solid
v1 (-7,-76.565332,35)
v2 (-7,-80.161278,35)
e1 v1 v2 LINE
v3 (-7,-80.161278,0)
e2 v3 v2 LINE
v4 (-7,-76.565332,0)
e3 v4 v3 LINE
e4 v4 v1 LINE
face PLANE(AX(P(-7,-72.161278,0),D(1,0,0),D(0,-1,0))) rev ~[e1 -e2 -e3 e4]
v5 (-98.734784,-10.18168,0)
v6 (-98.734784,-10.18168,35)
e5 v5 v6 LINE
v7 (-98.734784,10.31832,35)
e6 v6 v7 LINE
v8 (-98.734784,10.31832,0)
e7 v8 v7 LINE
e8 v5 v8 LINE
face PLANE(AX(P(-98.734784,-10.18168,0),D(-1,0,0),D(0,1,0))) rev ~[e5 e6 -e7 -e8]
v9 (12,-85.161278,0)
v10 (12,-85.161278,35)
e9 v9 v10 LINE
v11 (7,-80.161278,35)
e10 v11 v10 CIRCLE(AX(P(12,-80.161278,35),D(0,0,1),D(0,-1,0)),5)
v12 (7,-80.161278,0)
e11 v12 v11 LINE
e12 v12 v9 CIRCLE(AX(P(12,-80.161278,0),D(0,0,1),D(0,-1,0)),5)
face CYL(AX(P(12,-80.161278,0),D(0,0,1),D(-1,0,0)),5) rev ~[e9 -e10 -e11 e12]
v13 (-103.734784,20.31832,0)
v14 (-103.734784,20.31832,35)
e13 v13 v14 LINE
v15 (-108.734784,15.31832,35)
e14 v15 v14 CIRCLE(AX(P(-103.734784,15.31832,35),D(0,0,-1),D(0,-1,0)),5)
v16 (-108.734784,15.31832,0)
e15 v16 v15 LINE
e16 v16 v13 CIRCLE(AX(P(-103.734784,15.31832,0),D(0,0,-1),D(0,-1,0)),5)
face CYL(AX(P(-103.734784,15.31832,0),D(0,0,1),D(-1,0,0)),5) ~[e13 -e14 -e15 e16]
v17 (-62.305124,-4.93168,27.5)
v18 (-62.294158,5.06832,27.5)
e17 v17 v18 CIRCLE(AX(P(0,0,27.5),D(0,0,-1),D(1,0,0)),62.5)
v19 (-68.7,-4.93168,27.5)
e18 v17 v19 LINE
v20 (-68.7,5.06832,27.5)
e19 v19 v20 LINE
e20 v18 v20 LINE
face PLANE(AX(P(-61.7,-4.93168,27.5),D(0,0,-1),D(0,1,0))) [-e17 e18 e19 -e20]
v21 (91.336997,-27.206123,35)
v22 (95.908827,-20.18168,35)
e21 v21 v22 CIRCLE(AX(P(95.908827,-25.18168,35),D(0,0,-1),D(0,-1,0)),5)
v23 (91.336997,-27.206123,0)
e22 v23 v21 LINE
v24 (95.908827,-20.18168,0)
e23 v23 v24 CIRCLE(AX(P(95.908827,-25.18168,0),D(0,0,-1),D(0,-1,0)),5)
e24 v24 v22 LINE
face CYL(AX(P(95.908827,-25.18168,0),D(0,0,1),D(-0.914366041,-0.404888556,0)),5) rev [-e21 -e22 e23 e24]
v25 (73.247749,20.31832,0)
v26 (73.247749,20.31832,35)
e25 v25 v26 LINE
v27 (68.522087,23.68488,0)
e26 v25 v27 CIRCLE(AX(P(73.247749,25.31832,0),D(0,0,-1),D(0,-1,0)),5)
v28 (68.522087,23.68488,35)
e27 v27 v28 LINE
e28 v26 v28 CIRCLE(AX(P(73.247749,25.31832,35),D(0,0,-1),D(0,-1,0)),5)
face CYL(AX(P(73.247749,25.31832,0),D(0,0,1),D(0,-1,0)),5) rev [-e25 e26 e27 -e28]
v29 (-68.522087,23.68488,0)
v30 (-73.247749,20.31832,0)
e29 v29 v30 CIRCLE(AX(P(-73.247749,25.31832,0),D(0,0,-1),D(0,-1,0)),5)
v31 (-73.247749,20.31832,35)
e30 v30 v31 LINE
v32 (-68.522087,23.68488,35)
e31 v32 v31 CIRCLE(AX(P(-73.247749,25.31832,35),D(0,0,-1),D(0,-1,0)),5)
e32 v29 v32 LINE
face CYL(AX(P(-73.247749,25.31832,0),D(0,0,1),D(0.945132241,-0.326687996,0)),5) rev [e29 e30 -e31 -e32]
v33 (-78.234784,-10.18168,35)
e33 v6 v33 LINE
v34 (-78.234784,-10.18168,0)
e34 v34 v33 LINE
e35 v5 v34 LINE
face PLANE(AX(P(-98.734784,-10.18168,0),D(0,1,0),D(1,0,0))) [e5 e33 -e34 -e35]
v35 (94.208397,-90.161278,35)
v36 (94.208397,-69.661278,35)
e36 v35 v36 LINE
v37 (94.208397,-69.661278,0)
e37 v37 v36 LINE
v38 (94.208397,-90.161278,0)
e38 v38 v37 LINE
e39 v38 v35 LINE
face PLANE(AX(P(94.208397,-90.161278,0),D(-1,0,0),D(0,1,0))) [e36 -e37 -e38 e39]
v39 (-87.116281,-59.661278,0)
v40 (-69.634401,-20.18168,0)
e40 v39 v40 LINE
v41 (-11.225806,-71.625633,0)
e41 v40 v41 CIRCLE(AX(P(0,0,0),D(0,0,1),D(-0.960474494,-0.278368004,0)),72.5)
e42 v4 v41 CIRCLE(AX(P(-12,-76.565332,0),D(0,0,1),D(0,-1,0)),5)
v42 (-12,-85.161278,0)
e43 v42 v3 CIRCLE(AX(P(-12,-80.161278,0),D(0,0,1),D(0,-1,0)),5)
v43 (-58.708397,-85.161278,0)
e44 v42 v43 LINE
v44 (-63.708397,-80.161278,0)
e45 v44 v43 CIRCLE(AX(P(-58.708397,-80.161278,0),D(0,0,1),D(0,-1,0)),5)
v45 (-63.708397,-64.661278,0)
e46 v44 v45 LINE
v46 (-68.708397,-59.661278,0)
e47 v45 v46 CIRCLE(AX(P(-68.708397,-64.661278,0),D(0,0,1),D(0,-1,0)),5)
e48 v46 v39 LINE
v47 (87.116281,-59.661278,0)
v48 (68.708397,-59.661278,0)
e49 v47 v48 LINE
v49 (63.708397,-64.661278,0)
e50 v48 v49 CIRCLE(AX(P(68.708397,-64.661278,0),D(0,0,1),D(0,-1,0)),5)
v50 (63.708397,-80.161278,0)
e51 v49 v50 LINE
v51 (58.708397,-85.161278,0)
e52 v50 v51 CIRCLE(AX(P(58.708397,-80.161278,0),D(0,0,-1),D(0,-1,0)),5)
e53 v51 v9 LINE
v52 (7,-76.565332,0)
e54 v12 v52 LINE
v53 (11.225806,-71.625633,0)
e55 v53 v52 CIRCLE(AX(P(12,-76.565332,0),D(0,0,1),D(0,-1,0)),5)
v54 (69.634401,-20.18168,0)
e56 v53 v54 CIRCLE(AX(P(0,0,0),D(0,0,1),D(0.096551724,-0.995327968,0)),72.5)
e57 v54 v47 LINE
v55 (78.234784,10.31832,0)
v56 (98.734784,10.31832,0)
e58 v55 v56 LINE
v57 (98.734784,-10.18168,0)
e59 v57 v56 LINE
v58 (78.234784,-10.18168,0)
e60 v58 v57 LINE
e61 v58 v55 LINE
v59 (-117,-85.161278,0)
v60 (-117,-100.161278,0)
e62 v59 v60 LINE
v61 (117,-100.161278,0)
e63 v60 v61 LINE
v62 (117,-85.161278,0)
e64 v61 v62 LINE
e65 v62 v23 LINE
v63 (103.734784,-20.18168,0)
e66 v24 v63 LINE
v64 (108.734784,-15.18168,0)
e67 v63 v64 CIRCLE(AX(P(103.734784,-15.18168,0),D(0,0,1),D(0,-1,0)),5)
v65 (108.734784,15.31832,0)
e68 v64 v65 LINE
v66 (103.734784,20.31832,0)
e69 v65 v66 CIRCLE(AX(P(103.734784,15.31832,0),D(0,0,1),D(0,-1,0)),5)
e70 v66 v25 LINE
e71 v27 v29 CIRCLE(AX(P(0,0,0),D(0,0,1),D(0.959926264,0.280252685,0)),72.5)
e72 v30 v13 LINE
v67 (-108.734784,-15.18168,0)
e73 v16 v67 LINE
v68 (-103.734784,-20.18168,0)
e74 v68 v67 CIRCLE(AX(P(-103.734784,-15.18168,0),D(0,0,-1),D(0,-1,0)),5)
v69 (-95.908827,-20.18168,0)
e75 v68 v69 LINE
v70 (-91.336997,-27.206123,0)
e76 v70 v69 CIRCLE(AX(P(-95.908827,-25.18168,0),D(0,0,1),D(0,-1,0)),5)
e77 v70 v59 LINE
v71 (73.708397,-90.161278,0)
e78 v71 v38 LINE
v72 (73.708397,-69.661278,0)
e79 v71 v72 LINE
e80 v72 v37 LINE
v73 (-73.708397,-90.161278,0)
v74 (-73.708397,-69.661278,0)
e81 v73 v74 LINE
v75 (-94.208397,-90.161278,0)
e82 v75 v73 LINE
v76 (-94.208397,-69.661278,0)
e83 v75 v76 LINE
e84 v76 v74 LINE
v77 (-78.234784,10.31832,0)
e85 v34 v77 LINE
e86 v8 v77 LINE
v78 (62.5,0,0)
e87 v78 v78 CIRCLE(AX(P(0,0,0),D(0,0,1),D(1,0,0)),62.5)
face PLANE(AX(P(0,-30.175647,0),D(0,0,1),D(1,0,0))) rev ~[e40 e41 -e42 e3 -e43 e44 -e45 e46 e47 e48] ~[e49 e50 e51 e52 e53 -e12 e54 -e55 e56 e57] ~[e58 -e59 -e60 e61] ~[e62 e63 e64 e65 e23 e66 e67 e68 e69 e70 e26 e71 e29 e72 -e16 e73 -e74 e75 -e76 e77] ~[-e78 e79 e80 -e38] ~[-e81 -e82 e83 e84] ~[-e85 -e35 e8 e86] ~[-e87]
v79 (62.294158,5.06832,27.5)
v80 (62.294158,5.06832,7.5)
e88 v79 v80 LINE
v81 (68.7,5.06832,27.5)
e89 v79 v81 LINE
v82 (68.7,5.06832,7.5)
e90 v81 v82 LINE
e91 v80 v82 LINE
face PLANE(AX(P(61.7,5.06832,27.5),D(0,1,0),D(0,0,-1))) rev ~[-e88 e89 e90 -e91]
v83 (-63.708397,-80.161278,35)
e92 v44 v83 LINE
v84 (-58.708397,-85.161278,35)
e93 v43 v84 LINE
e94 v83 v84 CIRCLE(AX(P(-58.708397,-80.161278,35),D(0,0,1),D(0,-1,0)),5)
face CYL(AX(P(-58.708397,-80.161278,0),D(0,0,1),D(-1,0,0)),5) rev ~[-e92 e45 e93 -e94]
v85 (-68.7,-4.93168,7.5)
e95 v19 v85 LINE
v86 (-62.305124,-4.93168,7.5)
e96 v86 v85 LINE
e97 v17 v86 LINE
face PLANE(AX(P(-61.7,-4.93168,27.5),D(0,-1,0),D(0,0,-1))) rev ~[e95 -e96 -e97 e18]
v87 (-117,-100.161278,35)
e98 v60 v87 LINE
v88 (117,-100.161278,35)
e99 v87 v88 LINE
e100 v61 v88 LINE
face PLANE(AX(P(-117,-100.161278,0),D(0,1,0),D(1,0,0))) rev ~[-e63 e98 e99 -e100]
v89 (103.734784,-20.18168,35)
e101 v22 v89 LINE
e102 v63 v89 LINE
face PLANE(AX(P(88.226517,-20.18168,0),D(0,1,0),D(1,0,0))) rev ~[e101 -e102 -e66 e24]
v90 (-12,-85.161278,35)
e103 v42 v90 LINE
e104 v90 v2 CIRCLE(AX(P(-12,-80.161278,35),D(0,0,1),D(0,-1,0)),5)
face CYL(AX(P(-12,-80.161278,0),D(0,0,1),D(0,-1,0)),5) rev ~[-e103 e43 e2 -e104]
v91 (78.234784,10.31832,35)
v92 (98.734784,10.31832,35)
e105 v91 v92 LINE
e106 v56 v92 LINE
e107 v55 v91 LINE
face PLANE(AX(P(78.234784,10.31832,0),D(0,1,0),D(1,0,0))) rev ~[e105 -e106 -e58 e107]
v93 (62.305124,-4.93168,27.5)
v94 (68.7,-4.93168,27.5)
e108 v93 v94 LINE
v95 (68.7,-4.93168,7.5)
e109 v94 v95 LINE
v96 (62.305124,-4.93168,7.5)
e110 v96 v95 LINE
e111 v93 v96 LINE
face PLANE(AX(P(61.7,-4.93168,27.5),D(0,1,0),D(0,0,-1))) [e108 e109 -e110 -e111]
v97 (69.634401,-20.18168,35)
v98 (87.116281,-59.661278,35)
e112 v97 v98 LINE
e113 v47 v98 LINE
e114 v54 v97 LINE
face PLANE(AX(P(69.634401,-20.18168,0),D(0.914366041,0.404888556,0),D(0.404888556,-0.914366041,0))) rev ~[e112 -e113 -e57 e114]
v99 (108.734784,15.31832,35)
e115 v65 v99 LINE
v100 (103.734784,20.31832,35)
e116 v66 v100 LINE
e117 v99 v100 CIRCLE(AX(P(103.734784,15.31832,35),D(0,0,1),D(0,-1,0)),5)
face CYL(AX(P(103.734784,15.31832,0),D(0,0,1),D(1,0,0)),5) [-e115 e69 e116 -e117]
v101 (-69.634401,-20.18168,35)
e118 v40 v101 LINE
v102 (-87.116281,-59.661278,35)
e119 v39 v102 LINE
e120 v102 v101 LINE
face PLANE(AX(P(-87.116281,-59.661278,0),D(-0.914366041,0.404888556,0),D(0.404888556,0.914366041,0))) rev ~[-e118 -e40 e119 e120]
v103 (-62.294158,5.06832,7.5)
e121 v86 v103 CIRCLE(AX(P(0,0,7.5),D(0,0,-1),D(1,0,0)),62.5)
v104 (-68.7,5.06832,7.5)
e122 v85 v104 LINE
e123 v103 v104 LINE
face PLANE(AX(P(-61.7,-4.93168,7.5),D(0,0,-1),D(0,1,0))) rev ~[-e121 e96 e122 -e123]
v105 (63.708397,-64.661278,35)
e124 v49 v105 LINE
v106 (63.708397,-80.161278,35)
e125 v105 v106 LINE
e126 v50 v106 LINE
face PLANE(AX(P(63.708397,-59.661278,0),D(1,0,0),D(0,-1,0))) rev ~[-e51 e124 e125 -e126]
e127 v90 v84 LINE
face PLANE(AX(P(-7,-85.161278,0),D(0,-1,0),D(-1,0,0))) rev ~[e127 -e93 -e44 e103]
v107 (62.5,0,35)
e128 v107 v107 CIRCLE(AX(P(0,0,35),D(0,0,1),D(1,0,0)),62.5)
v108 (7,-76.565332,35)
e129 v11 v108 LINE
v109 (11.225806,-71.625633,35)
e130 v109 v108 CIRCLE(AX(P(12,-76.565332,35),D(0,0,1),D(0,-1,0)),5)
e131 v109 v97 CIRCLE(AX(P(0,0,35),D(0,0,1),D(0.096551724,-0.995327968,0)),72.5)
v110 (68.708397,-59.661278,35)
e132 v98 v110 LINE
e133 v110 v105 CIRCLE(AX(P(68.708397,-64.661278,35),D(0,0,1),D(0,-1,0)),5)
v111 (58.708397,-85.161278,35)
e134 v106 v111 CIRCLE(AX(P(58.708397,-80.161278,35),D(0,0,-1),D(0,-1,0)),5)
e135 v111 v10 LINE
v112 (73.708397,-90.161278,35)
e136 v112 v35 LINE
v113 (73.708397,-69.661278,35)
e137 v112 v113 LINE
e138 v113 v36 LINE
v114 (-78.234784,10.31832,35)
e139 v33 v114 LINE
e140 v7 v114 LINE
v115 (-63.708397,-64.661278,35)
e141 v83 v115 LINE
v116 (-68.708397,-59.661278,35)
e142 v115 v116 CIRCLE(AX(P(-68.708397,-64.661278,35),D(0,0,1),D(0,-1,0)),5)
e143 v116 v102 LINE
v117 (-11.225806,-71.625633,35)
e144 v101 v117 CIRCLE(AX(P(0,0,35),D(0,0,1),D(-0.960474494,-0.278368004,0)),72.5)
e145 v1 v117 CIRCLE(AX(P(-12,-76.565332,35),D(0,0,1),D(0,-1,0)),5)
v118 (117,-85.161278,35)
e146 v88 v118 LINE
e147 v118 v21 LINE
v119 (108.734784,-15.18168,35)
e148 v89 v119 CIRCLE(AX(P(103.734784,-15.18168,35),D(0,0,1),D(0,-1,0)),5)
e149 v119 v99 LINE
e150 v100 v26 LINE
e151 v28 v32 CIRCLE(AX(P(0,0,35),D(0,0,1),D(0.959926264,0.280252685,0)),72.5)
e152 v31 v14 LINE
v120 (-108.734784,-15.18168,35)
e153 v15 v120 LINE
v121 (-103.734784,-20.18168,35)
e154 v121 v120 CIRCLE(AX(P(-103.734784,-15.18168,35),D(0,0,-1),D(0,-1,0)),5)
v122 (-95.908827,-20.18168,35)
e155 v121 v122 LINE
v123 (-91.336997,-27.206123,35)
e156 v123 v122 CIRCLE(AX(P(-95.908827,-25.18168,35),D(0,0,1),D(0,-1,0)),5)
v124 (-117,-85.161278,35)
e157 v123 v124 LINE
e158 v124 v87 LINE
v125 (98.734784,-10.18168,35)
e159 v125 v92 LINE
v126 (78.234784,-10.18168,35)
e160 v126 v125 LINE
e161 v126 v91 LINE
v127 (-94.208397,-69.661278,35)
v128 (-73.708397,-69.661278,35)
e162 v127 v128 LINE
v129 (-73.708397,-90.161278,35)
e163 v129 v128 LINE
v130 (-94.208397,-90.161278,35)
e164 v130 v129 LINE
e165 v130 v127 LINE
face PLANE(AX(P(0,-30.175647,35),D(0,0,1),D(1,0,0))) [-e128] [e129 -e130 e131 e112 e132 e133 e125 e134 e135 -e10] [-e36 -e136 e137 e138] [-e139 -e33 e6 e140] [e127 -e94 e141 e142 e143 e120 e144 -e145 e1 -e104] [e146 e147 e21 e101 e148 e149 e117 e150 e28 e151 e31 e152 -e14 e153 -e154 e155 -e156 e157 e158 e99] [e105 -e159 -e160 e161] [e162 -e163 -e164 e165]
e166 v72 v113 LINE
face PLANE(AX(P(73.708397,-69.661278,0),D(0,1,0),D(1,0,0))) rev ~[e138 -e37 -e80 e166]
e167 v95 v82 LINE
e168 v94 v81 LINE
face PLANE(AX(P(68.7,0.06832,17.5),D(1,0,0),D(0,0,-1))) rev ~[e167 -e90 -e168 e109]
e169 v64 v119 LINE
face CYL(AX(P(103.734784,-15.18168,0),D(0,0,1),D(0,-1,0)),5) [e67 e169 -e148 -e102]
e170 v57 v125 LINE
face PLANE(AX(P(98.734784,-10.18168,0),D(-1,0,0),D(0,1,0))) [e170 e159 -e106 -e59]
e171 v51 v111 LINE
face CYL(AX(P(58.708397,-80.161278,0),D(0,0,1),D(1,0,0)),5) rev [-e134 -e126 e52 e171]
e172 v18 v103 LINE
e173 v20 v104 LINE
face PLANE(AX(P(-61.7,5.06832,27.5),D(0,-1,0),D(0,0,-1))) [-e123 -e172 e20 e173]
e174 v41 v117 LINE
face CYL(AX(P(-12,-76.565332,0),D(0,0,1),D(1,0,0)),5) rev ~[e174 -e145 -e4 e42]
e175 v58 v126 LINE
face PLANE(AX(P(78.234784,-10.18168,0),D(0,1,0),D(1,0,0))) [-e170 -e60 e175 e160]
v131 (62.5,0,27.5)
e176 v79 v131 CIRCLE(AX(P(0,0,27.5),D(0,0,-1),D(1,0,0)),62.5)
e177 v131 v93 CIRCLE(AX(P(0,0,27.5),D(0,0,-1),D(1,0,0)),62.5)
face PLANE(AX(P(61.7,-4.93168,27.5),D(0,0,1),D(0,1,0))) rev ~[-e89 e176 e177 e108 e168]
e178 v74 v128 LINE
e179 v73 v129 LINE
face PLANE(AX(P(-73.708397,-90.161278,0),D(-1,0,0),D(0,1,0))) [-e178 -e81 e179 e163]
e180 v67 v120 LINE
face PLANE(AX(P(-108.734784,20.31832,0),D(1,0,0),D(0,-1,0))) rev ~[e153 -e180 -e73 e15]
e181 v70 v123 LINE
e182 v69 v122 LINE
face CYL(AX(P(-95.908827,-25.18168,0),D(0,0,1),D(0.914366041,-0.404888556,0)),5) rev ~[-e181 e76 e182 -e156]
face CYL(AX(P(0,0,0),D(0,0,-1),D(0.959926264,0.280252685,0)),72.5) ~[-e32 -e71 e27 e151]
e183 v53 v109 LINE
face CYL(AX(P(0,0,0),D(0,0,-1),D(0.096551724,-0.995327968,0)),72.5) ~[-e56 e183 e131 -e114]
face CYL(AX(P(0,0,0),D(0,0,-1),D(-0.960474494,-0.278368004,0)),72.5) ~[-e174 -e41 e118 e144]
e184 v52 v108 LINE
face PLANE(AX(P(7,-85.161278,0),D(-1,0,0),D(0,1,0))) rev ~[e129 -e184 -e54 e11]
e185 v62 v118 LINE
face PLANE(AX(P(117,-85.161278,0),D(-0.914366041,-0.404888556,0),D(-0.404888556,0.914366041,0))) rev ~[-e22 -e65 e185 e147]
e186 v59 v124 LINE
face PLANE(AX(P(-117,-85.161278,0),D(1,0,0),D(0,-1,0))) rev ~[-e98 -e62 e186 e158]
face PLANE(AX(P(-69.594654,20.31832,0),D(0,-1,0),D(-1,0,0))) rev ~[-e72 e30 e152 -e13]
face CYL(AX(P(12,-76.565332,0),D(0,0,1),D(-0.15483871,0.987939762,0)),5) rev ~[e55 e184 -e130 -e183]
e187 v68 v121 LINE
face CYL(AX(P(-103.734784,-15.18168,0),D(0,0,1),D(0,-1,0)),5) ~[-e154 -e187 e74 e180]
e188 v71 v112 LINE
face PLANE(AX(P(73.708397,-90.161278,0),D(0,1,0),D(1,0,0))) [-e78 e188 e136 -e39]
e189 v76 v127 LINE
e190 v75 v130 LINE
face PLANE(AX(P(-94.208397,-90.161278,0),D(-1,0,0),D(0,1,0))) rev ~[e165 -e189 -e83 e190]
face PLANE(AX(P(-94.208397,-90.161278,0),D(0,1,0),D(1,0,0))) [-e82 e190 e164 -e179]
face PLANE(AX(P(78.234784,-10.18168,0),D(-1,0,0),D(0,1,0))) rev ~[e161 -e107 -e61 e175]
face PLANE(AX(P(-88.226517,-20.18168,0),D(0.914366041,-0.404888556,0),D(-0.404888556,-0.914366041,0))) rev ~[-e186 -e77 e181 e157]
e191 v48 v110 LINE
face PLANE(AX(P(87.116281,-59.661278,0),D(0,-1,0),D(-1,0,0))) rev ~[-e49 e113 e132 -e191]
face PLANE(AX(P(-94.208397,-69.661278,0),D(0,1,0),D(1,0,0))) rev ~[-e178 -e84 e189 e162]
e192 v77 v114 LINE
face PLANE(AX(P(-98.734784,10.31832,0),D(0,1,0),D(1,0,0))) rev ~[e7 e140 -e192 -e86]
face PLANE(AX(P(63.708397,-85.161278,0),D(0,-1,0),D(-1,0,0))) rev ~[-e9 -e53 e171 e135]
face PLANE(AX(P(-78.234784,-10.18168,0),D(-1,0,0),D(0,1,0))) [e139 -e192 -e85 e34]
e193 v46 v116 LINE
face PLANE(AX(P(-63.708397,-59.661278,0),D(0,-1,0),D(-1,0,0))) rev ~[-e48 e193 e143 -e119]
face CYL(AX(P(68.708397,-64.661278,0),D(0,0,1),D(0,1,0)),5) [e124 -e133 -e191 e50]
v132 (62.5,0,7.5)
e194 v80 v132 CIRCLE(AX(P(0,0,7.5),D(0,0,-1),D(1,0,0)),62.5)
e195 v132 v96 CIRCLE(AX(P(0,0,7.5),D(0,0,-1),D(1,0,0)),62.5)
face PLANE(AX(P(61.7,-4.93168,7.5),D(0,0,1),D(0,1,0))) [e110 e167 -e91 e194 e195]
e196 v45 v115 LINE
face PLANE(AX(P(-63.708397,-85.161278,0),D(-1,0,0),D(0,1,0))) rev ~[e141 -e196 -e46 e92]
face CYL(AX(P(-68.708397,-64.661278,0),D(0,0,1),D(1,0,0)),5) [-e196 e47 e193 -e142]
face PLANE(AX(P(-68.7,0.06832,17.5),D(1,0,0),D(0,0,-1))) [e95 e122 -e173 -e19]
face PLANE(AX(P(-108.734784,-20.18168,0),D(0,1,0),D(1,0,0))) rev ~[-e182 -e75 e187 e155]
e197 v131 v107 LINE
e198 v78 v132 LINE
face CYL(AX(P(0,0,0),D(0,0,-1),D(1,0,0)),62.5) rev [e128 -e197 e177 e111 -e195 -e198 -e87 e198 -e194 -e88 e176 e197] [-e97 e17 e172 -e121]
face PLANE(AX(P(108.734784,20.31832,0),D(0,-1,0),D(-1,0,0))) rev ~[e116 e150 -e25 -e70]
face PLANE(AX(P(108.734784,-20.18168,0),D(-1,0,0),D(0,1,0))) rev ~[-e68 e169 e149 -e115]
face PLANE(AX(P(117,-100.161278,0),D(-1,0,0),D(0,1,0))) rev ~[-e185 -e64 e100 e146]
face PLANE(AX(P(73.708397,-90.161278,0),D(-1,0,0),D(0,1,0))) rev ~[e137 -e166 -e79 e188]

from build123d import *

# Parameters (mm, degrees)
SKETCH1_W           = 20.5
SKETCH1_H           = 20.5
SKETCH1_R           = 62.5
BOSS_EXTRUDE1_DEPTH = 35
FILLET2_R           = 5
SKETCH2_W           = 20
SKETCH2_H           = 10
CUT_EXTRUDE2_DEPTH  = 7
SKETCH3_W           = 20
SKETCH3_H           = 10
CUT_EXTRUDE3_DEPTH  = 7


with BuildPart() as part:
    # Sketch1 → Boss-Extrude1 (new body)
    with BuildSketch(Plane.XY):
        with BuildLine():
            Line((117, -100.161277705), (117, -85.161277705))
            Line((117, -85.161277705), (88.226517383, -20.181680312))
            Line((88.226517383, -20.181680312), (108.734784021, -20.181680312))
            Line((108.734784021, -20.181680312), (108.734784021, 20.318319688))
            Line((108.734784021, 20.318319688), (69.594654141, 20.318319688))
            ThreePointArc((69.594654141, 20.318319688), (0, 72.5), (-69.594654141, 20.318319688))
            Line((-69.594654141, 20.318319688), (-108.734784021, 20.318319688))
            Line((-108.734784021, 20.318319688), (-108.734784021, -20.181680312))
            Line((-108.734784021, -20.181680312), (-88.226517383, -20.181680312))
            Line((-88.226517383, -20.181680312), (-117, -85.161277705))
            Line((-117, -85.161277705), (-117, -100.161277705))
            Line((-117, -100.161277705), (117, -100.161277705))
        make_face()
        with Locations((83.958397156, -79.911277705)):
            Rectangle(SKETCH1_W, SKETCH1_H, mode=Mode.SUBTRACT)
        with Locations((-83.958397156, -79.911277705)):
            Rectangle(SKETCH1_W, SKETCH1_H, mode=Mode.SUBTRACT)
        with BuildLine():
            Line((-63.708397156, -59.661277705), (-87.116280609, -59.661277705))
            Line((-87.116280609, -59.661277705), (-69.634400836, -20.181680312))
            ThreePointArc((-69.634400836, -20.181680312), (-46.29986484, -55.79043391), (-7, -72.161277705))
            Line((-7, -72.161277705), (-7, -85.161277705))
            Line((-7, -85.161277705), (-63.708397156, -85.161277705))
            Line((-63.708397156, -85.161277705), (-63.708397156, -59.661277705))
        make_face(mode=Mode.SUBTRACT)
        with BuildLine():
            Line((87.116280609, -59.661277705), (63.708397156, -59.661277705))
            Line((63.708397156, -59.661277705), (63.708397156, -85.161277705))
            Line((63.708397156, -85.161277705), (7, -85.161277705))
            Line((7, -85.161277705), (7, -72.161277705))
            ThreePointArc((7, -72.161277705), (46.29986484, -55.79043391), (69.634400836, -20.181680312))
            Line((69.634400836, -20.181680312), (87.116280609, -59.661277705))
        make_face(mode=Mode.SUBTRACT)
        with Locations((-88.484784021, 0.068319688)):
            Rectangle(SKETCH1_W, SKETCH1_H, mode=Mode.SUBTRACT)
        Circle(SKETCH1_R, mode=Mode.SUBTRACT)
        with Locations((88.484784021, 0.068319688)):
            Rectangle(SKETCH1_W, SKETCH1_H, mode=Mode.SUBTRACT)
    extrude(amount=BOSS_EXTRUDE1_DEPTH)

    # Fillet2
    fillet2_edges = [part.edges().sort_by_distance(p)[0] for p in [
        (-88.226517383, -20.181680312, 17.5),
        (-108.734784021, -20.181680312, 17.5),
        (-108.734784021, 20.318319688, 17.5),
        (-69.594654141, 20.318319688, 17.5),
        (69.594654141, 20.318319688, 17.5),
        (108.734784021, 20.318319688, 17.5),
        (108.734784021, -20.181680312, 17.5),
        (88.226517383, -20.181680312, 17.5),
        (7, -72.161277705, 17.5),
        (7, -85.161277705, 17.5),
        (63.708397156, -85.161277705, 17.5),
        (63.708397156, -59.661277705, 17.5),
        (-63.708397156, -59.661277705, 17.5),
        (-63.708397156, -85.161277705, 17.5),
        (-7, -85.161277705, 17.5),
        (-7, -72.161277705, 17.5),
    ]]
    fillet(fillet2_edges, radius=FILLET2_R)

    # Sketch2 → Cut-Extrude2 (cut)
    with BuildSketch(Plane(origin=(61.7, 0, 0), x_dir=(0, 0, -1), z_dir=(1, 0, 0))):
        with Locations((-17.5, 0.068319688)):
            Rectangle(SKETCH2_W, SKETCH2_H)
    extrude(amount=CUT_EXTRUDE2_DEPTH, mode=Mode.SUBTRACT)

    # Sketch3 → Cut-Extrude3 (cut)
    with BuildSketch(Plane(origin=(-61.7, 0, 0), x_dir=(0, 0, -1), z_dir=(1, 0, 0))):
        with Locations((-17.5, 0.068319688)):
            Rectangle(SKETCH3_W, SKETCH3_H)
    extrude(amount=-CUT_EXTRUDE3_DEPTH, mode=Mode.SUBTRACT)


solid = part.part
